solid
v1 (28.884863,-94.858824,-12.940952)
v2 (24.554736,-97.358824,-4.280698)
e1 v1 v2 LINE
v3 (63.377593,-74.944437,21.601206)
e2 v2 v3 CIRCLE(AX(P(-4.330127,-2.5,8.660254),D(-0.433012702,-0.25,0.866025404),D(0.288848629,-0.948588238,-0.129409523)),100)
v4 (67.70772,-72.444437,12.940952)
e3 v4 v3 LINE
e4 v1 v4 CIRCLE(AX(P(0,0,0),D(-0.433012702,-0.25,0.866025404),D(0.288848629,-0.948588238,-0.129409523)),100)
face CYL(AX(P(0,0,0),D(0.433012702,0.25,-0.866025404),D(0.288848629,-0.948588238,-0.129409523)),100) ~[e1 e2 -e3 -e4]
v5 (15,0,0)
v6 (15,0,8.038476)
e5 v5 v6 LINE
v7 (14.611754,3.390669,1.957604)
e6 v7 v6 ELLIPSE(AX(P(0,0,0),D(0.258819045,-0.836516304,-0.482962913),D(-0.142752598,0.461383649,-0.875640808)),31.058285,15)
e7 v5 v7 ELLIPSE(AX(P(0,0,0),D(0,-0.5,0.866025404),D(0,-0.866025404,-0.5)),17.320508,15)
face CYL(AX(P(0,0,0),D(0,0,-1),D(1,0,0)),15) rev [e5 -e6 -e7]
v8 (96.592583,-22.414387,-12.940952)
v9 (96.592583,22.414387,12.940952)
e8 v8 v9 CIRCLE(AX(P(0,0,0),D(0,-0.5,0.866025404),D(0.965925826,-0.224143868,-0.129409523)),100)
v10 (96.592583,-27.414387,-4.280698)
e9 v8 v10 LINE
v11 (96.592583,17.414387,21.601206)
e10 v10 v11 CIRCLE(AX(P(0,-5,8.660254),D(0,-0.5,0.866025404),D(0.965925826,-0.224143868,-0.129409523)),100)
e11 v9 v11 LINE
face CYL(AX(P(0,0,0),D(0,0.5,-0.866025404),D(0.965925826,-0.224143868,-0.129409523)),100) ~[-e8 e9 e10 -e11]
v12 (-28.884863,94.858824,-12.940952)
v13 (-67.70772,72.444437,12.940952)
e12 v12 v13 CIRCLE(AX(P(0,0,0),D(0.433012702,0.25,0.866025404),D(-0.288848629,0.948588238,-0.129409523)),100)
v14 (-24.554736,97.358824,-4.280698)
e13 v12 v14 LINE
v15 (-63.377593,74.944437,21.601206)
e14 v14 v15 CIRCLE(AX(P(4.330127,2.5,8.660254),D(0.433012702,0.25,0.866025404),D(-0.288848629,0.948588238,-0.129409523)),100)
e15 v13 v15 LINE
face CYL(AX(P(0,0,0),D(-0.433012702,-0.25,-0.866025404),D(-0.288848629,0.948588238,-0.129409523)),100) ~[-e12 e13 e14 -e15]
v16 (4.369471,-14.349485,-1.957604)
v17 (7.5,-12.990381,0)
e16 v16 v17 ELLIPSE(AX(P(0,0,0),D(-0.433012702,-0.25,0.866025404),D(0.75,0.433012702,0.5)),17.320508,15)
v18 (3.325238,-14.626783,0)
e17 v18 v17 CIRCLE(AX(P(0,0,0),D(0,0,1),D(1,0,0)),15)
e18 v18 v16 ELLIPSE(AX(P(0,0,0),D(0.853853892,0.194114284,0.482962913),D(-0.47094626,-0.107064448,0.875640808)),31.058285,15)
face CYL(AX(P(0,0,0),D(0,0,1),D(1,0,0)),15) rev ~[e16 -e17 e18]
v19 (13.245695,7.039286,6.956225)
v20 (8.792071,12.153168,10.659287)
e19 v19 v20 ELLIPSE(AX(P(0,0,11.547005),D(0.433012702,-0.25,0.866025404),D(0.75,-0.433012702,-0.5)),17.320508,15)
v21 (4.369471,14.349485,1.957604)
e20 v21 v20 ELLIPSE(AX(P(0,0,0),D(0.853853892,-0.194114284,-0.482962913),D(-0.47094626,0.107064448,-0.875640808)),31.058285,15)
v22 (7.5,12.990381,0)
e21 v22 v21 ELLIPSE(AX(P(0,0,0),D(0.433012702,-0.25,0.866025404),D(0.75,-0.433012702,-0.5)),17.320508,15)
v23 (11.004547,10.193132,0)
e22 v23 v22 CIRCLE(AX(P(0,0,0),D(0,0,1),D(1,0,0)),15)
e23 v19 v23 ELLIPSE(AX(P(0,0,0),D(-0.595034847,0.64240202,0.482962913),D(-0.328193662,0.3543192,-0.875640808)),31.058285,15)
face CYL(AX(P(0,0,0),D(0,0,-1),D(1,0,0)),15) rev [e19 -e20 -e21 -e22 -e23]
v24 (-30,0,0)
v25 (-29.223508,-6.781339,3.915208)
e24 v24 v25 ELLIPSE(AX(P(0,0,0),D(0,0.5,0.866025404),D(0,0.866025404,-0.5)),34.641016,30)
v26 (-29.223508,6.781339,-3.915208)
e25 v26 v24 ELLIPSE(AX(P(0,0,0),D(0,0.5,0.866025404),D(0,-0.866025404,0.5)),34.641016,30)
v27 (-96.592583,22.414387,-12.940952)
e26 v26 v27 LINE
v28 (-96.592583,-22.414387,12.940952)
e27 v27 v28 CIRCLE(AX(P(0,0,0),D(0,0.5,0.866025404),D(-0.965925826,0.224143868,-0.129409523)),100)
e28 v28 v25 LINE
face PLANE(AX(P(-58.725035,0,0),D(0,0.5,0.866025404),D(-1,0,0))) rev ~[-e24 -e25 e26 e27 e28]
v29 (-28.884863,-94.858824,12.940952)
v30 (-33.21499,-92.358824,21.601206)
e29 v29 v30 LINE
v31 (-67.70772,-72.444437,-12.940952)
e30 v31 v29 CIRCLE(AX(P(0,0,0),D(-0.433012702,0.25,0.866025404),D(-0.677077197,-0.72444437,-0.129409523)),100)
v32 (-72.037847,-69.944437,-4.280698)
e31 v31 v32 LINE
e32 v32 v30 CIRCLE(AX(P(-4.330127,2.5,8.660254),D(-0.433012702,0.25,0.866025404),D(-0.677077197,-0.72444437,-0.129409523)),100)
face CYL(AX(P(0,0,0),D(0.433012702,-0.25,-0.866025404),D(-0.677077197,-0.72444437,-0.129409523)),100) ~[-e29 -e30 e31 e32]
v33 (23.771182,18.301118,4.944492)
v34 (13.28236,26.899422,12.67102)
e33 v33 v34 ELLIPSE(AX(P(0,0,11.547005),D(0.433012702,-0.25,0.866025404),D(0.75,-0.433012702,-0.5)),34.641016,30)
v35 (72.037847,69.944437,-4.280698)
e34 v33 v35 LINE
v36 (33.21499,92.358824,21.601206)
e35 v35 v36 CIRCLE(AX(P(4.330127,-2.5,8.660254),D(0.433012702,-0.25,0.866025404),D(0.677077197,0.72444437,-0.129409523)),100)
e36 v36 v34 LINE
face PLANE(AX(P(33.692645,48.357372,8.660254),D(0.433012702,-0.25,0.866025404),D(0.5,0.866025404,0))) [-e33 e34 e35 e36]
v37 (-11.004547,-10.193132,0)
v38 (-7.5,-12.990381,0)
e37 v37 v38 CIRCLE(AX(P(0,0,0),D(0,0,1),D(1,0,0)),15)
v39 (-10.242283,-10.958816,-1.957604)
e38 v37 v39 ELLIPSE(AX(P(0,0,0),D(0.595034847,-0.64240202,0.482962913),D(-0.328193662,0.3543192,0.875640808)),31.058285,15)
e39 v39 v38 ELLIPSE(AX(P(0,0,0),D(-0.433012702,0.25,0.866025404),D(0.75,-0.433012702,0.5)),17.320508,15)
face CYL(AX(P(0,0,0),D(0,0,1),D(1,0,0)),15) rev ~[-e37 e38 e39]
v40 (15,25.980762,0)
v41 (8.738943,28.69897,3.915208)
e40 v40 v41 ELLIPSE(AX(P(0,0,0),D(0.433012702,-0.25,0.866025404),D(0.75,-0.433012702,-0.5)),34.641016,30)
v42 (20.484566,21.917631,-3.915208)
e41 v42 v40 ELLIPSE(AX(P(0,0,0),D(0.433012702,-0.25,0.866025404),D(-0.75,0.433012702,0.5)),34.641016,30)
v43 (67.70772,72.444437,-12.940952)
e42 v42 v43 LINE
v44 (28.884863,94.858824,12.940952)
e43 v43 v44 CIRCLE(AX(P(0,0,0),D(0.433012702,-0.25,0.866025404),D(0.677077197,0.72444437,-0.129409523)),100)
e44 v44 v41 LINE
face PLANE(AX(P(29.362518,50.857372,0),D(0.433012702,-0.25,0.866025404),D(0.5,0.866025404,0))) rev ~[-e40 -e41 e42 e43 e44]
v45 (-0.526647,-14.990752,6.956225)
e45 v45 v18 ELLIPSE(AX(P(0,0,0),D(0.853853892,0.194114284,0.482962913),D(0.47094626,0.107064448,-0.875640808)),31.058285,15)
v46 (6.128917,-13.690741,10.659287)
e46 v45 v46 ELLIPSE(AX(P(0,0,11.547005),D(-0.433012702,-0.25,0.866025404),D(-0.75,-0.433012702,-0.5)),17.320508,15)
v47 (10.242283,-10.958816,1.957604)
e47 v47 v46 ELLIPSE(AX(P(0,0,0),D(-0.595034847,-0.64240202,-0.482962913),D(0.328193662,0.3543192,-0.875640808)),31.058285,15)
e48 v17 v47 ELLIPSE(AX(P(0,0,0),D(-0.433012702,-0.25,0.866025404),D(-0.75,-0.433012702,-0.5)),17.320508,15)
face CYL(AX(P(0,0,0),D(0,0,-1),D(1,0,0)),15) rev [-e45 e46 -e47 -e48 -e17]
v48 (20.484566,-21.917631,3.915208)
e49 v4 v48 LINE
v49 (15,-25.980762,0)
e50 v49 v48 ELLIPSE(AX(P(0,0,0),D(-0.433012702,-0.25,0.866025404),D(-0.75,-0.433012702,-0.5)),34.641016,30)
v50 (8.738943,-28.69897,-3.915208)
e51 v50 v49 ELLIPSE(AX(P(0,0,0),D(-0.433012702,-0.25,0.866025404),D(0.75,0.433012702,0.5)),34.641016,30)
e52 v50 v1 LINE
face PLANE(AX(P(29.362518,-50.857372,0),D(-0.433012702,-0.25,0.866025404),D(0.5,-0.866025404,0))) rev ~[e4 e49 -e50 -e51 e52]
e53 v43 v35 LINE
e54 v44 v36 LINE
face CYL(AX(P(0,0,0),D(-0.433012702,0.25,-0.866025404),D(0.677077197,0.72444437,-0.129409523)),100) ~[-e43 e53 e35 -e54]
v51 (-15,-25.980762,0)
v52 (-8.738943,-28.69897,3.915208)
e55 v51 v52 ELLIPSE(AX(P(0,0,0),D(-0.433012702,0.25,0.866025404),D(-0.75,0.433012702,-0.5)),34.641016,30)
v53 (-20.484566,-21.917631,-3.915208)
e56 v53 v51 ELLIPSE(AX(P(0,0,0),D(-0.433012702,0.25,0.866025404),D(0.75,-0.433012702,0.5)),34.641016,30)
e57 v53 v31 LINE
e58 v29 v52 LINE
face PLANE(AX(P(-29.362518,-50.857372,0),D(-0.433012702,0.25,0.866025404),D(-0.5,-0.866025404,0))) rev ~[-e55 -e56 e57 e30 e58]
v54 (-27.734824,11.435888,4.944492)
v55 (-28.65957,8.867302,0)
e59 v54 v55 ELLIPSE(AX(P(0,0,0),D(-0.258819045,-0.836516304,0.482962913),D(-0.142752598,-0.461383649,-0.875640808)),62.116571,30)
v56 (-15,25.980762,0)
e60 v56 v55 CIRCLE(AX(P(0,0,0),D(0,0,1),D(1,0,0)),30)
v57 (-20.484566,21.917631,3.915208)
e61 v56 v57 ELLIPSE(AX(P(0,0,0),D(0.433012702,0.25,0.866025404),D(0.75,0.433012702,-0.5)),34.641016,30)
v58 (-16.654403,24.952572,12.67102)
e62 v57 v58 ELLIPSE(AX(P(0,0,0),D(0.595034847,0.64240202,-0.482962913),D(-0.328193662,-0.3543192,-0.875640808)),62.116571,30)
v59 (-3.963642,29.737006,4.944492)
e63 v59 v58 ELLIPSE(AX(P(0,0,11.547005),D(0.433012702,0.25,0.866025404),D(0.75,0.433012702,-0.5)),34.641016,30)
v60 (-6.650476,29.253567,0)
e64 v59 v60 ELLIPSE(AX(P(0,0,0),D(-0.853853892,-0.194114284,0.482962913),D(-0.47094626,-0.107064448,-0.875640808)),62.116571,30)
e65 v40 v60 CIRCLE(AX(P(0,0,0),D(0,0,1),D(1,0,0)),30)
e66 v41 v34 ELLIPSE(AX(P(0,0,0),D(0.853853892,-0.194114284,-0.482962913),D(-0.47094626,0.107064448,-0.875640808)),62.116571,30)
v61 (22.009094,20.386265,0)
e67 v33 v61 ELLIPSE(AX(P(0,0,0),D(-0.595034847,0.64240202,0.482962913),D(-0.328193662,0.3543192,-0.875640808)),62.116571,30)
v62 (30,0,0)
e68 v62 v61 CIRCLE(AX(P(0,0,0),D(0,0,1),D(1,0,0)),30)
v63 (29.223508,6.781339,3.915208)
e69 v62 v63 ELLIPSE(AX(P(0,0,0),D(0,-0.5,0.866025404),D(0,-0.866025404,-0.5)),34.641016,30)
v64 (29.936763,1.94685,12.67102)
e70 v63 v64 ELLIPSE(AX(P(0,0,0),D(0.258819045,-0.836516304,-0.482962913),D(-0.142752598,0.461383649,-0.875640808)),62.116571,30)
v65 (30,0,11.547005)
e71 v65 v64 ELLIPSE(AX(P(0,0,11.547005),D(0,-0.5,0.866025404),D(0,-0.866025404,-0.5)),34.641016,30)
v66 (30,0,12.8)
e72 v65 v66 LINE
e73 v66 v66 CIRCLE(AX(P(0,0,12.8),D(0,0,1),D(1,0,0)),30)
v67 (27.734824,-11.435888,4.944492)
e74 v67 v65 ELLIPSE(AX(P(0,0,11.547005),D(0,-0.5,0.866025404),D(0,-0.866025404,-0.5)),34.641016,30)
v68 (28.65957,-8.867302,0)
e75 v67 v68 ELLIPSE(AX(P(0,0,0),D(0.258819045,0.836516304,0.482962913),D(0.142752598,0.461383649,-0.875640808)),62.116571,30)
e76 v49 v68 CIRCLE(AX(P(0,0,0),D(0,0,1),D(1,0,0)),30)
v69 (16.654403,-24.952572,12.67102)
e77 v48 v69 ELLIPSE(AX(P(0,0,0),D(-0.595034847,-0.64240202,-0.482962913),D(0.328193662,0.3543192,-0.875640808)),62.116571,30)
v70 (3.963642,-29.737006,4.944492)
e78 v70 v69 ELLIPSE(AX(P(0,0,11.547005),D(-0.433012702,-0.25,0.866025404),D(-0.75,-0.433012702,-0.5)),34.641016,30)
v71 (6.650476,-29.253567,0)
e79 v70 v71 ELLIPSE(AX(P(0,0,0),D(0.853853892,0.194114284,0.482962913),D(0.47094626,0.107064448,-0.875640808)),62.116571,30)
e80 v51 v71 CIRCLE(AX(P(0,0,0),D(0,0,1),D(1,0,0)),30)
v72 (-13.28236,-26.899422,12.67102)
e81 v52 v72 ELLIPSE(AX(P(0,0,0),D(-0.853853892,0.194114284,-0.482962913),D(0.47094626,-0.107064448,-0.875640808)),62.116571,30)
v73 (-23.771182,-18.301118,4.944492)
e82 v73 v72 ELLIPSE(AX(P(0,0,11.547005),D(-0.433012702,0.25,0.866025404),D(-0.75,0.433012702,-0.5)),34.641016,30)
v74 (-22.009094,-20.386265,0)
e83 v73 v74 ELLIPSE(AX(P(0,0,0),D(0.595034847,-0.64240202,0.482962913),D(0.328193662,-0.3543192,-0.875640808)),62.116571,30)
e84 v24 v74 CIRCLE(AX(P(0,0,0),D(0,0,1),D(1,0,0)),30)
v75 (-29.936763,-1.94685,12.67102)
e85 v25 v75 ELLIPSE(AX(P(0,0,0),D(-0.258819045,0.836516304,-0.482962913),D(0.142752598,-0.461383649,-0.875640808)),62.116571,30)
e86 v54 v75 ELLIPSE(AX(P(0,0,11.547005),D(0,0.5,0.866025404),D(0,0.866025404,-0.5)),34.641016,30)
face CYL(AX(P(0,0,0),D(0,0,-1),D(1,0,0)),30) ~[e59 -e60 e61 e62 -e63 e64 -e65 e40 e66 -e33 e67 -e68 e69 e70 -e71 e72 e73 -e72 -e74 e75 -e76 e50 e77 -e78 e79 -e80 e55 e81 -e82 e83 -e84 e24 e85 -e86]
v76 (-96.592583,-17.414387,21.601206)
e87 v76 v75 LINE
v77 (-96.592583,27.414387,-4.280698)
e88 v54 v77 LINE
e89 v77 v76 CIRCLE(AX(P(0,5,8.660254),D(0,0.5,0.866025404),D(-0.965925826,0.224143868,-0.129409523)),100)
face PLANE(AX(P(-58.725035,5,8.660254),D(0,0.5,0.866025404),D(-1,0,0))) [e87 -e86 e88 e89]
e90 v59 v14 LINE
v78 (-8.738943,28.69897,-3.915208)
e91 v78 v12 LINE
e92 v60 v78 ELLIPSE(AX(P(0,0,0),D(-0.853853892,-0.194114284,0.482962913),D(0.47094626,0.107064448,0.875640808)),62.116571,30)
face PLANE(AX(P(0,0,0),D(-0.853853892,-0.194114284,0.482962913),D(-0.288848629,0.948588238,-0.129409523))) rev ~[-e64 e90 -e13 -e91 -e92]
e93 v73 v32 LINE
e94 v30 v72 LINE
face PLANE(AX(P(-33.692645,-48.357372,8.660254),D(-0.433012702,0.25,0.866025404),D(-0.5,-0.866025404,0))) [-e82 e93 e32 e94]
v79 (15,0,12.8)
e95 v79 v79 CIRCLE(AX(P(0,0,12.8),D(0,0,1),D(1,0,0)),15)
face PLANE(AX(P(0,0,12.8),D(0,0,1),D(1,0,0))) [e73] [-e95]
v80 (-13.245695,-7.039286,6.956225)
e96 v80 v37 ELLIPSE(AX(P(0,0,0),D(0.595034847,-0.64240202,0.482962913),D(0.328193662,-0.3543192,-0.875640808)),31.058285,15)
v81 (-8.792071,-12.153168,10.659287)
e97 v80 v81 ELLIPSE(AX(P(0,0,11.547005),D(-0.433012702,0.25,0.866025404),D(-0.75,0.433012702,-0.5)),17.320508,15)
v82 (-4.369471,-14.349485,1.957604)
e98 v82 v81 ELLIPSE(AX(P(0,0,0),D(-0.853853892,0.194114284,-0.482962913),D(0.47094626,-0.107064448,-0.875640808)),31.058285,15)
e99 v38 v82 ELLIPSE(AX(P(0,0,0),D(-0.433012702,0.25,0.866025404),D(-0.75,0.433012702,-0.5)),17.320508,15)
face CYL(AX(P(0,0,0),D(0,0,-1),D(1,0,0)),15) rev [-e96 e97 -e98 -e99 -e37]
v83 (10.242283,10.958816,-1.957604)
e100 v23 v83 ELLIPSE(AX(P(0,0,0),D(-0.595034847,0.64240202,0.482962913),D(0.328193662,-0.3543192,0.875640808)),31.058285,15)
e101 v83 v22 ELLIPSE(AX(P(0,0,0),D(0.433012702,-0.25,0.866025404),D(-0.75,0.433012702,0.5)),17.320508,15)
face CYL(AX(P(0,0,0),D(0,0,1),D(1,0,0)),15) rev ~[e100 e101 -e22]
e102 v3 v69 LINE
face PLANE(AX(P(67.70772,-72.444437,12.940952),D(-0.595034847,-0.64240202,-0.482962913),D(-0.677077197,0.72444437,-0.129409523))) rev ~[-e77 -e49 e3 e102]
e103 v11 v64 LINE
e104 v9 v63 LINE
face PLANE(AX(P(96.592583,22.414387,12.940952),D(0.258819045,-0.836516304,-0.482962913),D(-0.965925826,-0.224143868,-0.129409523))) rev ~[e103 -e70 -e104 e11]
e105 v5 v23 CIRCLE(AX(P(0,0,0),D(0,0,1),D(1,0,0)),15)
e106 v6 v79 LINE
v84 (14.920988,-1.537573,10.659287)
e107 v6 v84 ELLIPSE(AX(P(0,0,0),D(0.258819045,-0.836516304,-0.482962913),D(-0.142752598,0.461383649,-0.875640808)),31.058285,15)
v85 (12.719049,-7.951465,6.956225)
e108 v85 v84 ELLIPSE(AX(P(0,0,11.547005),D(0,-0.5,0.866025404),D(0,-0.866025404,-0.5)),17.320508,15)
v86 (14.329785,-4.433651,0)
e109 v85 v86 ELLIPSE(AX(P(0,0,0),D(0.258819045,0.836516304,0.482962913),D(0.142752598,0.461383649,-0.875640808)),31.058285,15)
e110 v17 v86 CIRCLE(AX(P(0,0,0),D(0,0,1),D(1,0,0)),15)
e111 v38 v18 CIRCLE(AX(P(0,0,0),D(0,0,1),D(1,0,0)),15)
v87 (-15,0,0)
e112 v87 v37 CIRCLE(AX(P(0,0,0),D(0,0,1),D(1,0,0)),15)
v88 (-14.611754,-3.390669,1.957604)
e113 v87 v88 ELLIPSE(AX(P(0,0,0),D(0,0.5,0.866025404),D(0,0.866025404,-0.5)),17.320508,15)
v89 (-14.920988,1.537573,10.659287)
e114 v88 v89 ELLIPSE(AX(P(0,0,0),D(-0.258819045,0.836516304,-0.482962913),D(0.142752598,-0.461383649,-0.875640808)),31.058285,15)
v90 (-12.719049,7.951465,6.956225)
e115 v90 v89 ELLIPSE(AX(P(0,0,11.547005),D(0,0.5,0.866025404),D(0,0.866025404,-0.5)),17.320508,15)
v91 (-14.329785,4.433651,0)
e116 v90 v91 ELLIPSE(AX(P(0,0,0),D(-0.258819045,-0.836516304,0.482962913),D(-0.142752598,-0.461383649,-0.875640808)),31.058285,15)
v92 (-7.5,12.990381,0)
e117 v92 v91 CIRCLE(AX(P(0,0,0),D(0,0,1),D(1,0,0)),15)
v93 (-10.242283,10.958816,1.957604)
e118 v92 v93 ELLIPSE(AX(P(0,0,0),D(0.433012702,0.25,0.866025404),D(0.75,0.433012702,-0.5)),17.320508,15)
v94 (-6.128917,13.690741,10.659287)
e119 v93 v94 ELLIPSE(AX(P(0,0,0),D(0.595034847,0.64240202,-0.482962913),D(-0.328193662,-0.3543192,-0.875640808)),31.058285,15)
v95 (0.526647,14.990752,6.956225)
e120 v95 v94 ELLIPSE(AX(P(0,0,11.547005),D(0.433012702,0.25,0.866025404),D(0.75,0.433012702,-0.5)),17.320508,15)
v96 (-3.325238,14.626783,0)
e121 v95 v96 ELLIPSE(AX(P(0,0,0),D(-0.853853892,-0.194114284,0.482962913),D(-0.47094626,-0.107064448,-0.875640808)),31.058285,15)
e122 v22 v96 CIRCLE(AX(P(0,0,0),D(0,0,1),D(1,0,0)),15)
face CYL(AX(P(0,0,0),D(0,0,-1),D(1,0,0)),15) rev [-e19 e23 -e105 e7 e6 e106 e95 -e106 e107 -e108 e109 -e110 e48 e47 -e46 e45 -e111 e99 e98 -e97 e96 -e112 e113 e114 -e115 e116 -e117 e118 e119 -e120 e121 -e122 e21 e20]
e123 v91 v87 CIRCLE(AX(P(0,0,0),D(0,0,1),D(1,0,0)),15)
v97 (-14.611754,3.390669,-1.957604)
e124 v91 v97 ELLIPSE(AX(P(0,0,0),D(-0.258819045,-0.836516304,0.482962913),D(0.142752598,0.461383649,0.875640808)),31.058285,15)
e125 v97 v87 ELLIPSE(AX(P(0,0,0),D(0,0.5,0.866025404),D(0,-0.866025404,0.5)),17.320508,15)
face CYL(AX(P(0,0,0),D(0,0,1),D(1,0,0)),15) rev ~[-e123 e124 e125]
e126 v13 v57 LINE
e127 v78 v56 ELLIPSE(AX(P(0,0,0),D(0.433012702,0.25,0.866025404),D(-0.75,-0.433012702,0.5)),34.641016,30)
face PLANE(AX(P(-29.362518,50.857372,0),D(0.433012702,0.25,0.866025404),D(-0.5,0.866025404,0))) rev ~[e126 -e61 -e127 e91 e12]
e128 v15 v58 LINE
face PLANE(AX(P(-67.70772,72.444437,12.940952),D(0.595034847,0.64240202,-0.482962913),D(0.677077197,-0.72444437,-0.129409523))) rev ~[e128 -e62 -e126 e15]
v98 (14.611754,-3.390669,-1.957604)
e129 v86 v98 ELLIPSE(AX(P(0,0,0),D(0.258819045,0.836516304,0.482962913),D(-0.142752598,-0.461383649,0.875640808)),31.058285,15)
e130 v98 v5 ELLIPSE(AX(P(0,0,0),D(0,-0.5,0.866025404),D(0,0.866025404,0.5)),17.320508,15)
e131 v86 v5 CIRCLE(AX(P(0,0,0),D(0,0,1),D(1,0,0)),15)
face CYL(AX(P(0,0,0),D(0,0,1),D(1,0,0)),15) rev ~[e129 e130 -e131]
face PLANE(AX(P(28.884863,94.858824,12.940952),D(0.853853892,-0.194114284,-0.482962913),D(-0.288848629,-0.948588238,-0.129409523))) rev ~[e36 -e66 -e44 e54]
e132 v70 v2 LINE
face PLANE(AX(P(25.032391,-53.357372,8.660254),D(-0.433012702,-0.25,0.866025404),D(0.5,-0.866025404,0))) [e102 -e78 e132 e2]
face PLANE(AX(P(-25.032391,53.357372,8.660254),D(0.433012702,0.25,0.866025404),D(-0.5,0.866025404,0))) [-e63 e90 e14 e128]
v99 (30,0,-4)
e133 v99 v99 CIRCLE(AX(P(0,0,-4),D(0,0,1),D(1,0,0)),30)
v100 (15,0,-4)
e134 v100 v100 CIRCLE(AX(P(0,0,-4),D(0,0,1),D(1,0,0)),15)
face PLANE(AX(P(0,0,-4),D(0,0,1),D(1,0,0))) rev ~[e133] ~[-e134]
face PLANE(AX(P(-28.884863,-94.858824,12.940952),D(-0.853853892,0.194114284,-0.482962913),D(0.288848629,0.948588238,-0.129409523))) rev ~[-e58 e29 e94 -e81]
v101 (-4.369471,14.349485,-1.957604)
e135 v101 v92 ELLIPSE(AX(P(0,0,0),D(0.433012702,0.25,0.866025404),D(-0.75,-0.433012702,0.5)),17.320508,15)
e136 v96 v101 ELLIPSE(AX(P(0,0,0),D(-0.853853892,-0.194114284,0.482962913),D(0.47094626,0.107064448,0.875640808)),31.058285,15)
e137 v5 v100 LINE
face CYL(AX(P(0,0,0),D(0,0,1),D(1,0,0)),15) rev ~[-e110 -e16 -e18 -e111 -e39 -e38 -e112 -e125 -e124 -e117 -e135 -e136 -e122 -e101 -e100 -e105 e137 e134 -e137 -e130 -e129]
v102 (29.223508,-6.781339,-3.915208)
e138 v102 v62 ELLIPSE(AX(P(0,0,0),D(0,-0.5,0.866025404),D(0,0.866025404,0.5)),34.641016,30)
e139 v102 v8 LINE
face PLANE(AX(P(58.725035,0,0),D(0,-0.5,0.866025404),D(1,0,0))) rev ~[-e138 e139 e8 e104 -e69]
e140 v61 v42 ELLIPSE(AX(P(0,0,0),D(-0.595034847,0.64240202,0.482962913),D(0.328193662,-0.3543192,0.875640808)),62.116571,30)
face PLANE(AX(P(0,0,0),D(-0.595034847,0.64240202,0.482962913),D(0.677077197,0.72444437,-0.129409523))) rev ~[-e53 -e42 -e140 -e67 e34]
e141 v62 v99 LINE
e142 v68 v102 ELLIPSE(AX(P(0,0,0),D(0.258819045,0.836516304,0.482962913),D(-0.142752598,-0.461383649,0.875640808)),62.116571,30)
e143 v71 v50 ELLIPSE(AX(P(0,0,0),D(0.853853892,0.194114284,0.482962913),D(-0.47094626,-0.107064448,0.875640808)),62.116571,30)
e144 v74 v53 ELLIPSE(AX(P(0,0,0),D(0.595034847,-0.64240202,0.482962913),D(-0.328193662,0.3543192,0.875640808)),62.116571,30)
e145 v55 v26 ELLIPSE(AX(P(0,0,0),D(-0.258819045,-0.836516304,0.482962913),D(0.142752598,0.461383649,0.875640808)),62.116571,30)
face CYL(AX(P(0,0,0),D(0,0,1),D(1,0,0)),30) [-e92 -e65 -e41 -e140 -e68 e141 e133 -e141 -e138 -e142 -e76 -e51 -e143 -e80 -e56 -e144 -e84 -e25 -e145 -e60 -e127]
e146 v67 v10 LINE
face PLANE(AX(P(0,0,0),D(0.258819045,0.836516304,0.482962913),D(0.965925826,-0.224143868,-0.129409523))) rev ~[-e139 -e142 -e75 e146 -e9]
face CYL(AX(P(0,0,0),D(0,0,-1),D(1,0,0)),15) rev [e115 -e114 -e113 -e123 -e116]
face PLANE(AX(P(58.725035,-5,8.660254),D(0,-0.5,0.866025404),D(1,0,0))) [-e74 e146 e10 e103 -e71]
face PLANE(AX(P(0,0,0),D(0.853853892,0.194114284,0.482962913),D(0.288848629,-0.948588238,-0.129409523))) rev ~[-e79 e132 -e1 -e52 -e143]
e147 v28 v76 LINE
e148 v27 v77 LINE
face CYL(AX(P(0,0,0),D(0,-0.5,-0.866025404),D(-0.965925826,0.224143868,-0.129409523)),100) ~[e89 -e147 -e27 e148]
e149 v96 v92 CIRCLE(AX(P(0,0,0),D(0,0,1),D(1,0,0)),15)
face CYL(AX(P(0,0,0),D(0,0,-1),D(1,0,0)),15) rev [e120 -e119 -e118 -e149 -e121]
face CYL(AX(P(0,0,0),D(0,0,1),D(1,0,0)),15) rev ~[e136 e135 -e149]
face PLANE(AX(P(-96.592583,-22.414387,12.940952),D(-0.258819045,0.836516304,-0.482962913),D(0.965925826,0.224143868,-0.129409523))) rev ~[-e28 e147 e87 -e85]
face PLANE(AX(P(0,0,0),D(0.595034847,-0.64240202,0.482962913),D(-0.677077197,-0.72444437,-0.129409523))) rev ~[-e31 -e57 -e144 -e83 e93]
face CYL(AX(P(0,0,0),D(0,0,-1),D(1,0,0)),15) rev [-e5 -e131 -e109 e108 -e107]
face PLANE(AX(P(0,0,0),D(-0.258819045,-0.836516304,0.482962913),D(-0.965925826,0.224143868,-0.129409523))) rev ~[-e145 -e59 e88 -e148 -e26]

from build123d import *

# Parameters (mm, degrees)
F1_DEPTH      = 10
F3_ANGLE      = 30
F5_COUNT      = 6
F6_R          = 30
F6_R_2        = 15
F7_DEPTH      = 12.8
F7_DEPTH_BACK = 4
F8_R          = 15
F9_DEPTH      = 25
F9_DEPTH_BACK = 25


with BuildPart() as f1:
    # F0 (on Top) → F1 (new body)
    with BuildSketch(Plane.XY):
        with BuildLine():
            Line((96.5925826289, 25.8819045103), (0, 0))
            Line((0, 0), (96.5925826289, -25.8819045103))
            ThreePointArc((96.5925826289, -25.8819045103), (100, 0), (96.5925826289, 25.8819045103))
        make_face()
    extrude(amount=F1_DEPTH)


with BuildPart() as f1_1:
    # F3: moved
    add(f1.part.rotate(Axis((55.2566722035, 0, 0), (1, 0, 0)), F3_ANGLE))

    # F5: F1 ×6 about axis
    f5_axis = Axis((0, 0, 15.24533052), (0, 0, 1))


with BuildPart() as f1_2:
    add(f1_1.part)
    for i in range(1, F5_COUNT):
        add(f1_1.part.rotate(f5_axis, i * 360 / F5_COUNT))

    # F6 (on Top) → F7 (join, two sides)
    with BuildSketch(Plane.XY) as f7_sk:
        Circle(F6_R)
        Circle(F6_R_2, mode=Mode.SUBTRACT)
    extrude(amount=F7_DEPTH)
    extrude(f7_sk.sketch, amount=-F7_DEPTH_BACK)

    # F8 (on Top) → F9 (cut, two sides)
    with BuildSketch(Plane.XY) as f9_sk:
        Circle(F8_R)
    extrude(amount=-F9_DEPTH, mode=Mode.SUBTRACT)
    extrude(f9_sk.sketch, amount=F9_DEPTH_BACK, mode=Mode.SUBTRACT)


solid = f1_2.part
